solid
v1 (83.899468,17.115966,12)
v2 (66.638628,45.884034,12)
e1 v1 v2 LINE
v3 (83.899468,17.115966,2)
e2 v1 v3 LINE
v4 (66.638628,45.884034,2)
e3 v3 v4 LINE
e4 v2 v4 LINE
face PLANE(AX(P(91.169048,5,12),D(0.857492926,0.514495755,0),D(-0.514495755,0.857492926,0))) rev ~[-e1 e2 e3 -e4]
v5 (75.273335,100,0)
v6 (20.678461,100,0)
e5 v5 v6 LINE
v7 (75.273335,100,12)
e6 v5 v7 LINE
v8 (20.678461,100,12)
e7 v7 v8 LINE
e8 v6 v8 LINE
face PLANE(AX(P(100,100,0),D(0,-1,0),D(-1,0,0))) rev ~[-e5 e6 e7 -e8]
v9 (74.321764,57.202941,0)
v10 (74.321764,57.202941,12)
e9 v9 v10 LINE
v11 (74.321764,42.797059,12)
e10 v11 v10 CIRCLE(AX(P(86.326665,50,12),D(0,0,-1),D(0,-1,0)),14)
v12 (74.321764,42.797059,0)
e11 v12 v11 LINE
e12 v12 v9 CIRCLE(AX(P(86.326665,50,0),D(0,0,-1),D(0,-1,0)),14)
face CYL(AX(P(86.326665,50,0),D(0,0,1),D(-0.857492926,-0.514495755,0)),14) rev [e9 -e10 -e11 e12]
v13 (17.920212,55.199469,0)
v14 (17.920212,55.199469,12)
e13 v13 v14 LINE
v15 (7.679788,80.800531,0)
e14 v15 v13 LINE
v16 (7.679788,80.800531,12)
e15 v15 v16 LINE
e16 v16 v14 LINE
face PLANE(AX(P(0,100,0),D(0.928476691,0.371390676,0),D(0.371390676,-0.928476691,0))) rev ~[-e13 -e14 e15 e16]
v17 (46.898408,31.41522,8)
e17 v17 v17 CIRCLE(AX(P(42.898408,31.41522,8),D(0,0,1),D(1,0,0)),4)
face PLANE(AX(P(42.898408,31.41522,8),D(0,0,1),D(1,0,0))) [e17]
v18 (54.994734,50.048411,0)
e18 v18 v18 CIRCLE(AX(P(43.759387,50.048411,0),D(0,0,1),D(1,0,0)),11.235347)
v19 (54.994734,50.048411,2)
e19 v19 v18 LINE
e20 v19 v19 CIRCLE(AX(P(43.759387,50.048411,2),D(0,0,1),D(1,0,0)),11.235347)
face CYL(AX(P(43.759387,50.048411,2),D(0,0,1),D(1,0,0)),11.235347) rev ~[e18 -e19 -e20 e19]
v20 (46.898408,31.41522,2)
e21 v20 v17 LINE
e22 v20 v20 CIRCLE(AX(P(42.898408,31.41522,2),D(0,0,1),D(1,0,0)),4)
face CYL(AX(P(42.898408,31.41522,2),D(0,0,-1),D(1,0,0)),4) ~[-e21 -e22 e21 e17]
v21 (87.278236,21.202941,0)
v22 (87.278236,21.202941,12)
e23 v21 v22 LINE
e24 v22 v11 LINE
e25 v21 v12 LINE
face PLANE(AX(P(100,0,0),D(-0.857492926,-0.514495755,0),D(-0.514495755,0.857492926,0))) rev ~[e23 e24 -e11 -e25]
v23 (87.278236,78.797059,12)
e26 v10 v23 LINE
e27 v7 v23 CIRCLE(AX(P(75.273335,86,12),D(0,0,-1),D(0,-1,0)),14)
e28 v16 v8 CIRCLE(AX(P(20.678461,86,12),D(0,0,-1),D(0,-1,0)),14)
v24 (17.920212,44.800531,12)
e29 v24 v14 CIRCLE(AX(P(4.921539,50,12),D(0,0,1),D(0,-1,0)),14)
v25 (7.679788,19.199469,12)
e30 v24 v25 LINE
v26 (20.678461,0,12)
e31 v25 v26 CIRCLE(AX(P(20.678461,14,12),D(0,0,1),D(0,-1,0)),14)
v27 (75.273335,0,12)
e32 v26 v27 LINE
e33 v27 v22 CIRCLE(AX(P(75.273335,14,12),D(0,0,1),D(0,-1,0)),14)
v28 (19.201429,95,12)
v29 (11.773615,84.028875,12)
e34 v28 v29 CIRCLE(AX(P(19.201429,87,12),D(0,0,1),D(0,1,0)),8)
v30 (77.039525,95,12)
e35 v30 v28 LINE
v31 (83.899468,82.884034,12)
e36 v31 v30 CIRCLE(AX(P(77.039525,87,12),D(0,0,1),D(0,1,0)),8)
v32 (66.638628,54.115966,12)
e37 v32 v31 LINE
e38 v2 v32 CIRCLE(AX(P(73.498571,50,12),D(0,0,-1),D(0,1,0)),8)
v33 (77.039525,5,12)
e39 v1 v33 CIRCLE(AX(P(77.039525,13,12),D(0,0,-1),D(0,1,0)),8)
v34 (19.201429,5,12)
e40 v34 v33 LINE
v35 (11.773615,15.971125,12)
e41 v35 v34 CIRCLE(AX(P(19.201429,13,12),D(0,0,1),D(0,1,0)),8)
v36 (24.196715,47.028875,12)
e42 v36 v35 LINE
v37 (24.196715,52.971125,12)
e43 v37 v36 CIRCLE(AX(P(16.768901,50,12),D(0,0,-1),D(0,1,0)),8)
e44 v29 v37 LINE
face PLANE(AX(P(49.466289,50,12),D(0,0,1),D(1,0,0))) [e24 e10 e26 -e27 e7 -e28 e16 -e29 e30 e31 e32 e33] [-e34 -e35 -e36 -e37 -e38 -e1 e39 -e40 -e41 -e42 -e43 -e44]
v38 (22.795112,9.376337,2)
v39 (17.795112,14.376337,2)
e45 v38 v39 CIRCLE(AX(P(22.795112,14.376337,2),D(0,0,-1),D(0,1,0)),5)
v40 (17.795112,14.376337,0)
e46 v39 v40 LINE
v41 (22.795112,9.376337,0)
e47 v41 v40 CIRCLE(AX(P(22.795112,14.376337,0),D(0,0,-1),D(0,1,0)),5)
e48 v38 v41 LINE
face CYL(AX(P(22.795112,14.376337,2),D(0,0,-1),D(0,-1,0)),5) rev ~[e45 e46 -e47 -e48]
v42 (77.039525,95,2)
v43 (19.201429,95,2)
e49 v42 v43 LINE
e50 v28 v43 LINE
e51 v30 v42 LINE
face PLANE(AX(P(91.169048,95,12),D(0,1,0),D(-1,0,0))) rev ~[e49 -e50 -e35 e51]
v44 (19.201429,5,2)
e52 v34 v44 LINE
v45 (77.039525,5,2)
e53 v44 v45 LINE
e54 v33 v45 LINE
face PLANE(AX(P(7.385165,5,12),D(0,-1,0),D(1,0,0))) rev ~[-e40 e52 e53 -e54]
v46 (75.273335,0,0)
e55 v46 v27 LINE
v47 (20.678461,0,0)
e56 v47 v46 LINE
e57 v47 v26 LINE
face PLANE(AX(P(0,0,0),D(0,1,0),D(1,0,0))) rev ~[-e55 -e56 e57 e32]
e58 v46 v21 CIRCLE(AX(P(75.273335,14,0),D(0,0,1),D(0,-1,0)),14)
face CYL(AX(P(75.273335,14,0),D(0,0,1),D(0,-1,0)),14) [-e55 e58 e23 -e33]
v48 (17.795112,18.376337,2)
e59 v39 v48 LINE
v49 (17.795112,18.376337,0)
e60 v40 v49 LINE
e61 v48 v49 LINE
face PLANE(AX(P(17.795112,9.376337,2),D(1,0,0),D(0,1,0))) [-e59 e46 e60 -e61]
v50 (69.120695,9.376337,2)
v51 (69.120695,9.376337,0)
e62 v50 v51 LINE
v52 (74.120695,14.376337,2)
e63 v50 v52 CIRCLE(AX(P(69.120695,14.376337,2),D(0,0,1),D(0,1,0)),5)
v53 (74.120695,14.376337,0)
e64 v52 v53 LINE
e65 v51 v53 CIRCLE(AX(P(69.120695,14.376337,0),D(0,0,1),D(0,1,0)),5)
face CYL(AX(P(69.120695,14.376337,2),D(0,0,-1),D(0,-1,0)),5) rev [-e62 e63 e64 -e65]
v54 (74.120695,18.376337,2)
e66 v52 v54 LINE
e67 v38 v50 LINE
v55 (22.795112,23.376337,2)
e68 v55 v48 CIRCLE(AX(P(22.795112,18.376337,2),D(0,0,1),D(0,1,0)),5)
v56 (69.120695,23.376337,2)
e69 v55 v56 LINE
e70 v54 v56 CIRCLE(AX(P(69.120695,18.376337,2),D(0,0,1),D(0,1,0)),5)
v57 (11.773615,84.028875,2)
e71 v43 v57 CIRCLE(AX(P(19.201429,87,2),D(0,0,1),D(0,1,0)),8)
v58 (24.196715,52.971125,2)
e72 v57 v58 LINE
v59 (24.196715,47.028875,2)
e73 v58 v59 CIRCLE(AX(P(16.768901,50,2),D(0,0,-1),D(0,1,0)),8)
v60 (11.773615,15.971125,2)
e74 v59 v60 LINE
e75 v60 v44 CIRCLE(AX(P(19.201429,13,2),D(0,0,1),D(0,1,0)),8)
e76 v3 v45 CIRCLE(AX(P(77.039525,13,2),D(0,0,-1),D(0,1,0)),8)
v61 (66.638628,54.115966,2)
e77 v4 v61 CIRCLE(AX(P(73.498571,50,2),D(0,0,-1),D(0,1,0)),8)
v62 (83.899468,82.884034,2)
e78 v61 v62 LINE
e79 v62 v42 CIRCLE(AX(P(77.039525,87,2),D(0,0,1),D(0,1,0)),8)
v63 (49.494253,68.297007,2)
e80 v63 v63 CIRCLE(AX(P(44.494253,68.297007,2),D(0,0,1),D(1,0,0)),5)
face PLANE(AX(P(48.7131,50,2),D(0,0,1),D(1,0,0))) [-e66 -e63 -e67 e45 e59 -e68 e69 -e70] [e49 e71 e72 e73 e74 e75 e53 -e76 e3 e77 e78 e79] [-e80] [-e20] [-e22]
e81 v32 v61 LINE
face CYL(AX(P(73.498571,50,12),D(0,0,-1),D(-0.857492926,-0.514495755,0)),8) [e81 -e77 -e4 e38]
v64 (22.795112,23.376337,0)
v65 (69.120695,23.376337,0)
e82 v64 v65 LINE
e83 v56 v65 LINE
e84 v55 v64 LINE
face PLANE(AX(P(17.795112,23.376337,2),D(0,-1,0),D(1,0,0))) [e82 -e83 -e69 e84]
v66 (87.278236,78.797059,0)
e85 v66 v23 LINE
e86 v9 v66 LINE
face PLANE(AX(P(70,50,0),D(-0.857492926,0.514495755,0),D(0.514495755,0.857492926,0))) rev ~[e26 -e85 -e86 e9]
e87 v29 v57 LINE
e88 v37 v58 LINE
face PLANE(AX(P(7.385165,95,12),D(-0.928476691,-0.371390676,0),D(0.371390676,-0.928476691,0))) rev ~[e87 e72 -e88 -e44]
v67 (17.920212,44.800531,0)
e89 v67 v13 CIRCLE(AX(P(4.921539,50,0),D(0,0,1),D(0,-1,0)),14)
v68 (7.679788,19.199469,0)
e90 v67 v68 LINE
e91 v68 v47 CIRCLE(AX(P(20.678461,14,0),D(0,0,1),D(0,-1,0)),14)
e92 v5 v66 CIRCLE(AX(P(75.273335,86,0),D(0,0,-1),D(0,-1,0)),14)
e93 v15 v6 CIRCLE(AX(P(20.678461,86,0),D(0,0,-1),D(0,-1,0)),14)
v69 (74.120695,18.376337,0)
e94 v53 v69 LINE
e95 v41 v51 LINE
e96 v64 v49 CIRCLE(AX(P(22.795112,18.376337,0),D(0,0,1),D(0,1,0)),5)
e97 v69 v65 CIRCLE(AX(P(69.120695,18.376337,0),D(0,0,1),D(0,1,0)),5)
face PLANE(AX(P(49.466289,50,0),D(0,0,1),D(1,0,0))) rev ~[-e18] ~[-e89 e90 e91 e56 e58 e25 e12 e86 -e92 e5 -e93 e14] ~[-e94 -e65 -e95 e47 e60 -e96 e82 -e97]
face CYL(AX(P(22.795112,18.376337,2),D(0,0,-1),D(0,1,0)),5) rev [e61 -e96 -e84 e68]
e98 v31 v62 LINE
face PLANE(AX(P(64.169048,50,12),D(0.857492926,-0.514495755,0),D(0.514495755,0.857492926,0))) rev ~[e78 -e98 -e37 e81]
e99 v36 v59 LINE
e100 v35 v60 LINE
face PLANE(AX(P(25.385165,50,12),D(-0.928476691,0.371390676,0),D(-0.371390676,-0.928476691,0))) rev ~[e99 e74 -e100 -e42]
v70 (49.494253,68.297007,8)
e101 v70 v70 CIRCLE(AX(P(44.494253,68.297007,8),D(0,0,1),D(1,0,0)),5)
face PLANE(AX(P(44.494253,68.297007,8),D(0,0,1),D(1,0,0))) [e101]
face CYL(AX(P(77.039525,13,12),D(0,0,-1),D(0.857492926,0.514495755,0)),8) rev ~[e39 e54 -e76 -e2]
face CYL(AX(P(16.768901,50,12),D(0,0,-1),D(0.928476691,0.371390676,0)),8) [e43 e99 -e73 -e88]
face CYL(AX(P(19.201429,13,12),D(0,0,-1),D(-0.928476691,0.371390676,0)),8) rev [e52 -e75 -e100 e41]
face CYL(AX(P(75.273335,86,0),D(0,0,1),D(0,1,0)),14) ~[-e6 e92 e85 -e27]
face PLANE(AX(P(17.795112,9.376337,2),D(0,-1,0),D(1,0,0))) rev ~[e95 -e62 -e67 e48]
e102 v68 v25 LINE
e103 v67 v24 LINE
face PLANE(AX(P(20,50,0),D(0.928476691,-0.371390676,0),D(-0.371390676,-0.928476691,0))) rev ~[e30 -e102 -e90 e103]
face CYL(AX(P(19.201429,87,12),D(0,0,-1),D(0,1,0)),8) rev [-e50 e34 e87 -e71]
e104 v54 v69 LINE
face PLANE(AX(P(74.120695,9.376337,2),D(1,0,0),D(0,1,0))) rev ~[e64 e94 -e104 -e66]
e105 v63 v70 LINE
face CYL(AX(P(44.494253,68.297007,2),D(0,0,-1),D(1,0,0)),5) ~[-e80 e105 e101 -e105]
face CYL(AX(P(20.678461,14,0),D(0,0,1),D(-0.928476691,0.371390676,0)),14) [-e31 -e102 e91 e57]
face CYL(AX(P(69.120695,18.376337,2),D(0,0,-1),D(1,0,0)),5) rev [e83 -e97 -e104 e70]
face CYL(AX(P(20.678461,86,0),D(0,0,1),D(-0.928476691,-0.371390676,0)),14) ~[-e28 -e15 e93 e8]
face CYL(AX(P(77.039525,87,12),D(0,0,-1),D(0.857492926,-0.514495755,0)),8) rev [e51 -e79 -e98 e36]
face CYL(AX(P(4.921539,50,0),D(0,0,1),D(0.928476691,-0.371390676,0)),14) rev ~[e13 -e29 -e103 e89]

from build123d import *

# Parameters (mm, degrees)
F1_DEPTH  = 12
F3_DEPTH  = 10
F4_R      = 4
F4_R_2    = 5
F5_DEPTH  = 6
F6_R      = 8
F7_R      = 14
F8_R      = 11.235347
F9_DEPTH  = 25
F10_W     = 56.325583
F10_H     = 14
F12_DEPTH = 25
F13_R     = 5


with BuildPart() as f1:
    # F0 (on Top) → F1 (new body)
    with BuildSketch(Plane.XY):
        Polygon((20, 50), (0, 0), (100, 0), (70, 50), (100, 100), (0, 100), align=None)
    extrude(amount=F1_DEPTH)

    # F2 (on face) → F3 (cut)
    with BuildSketch(Plane.XY.offset(12)):
        Polygon((91.169048, 5), (64.169048, 50), (91.169048, 95), (7.385165, 95), (25.385165, 50), (7.385165, 5), align=None)
    extrude(amount=-F3_DEPTH, mode=Mode.SUBTRACT)

    # F4 (on face) → F5 (join)
    with BuildSketch(Plane.XY.offset(2)):
        with Locations((42.898408, 31.41522)):
            Circle(F4_R)
        with Locations((44.494253, 68.297007)):
            Circle(F4_R_2)
    extrude(amount=F5_DEPTH)

    # F6
    f6_edges = [f1.edges().sort_by_distance(p)[0] for p in [
        (7.385165, 95, 7),
        (25.385165, 50, 7),
        (7.385165, 5, 7),
        (91.169048, 95, 7),
        (64.169048, 50, 7),
        (91.169048, 5, 7),
    ]]
    fillet(f6_edges, radius=F6_R)

    # F7
    f7_edges = [f1.edges().sort_by_distance(p)[0] for p in [
        (20, 50, 6),
        (0, 100, 6),
        (100, 100, 6),
        (70, 50, 6),
        (100, 0, 6),
        (0, 0, 6),
    ]]
    fillet(f7_edges, radius=F7_R)

    # F8 (on face) → F9 (cut)
    with BuildSketch(Plane.XY.offset(2)):
        with Locations((43.759387, 50.048411)):
            Circle(F8_R)
    extrude(amount=-F9_DEPTH, mode=Mode.SUBTRACT)

    # F10 (on face) → F12 (cut)
    with BuildSketch(Plane.XY.offset(2)):
        with Locations((45.957904, 16.376337)):
            Rectangle(F10_W, F10_H)
    extrude(amount=-F12_DEPTH, mode=Mode.SUBTRACT)

    # F13
    f13_edges = [f1.edges().sort_by_distance(p)[0] for p in [
        (17.795112, 23.376337, 1),
        (74.120695, 23.376337, 1),
        (74.120695, 9.376337, 1),
        (17.795112, 9.376337, 1),
    ]]
    fillet(f13_edges, radius=F13_R)


solid = f1.part
